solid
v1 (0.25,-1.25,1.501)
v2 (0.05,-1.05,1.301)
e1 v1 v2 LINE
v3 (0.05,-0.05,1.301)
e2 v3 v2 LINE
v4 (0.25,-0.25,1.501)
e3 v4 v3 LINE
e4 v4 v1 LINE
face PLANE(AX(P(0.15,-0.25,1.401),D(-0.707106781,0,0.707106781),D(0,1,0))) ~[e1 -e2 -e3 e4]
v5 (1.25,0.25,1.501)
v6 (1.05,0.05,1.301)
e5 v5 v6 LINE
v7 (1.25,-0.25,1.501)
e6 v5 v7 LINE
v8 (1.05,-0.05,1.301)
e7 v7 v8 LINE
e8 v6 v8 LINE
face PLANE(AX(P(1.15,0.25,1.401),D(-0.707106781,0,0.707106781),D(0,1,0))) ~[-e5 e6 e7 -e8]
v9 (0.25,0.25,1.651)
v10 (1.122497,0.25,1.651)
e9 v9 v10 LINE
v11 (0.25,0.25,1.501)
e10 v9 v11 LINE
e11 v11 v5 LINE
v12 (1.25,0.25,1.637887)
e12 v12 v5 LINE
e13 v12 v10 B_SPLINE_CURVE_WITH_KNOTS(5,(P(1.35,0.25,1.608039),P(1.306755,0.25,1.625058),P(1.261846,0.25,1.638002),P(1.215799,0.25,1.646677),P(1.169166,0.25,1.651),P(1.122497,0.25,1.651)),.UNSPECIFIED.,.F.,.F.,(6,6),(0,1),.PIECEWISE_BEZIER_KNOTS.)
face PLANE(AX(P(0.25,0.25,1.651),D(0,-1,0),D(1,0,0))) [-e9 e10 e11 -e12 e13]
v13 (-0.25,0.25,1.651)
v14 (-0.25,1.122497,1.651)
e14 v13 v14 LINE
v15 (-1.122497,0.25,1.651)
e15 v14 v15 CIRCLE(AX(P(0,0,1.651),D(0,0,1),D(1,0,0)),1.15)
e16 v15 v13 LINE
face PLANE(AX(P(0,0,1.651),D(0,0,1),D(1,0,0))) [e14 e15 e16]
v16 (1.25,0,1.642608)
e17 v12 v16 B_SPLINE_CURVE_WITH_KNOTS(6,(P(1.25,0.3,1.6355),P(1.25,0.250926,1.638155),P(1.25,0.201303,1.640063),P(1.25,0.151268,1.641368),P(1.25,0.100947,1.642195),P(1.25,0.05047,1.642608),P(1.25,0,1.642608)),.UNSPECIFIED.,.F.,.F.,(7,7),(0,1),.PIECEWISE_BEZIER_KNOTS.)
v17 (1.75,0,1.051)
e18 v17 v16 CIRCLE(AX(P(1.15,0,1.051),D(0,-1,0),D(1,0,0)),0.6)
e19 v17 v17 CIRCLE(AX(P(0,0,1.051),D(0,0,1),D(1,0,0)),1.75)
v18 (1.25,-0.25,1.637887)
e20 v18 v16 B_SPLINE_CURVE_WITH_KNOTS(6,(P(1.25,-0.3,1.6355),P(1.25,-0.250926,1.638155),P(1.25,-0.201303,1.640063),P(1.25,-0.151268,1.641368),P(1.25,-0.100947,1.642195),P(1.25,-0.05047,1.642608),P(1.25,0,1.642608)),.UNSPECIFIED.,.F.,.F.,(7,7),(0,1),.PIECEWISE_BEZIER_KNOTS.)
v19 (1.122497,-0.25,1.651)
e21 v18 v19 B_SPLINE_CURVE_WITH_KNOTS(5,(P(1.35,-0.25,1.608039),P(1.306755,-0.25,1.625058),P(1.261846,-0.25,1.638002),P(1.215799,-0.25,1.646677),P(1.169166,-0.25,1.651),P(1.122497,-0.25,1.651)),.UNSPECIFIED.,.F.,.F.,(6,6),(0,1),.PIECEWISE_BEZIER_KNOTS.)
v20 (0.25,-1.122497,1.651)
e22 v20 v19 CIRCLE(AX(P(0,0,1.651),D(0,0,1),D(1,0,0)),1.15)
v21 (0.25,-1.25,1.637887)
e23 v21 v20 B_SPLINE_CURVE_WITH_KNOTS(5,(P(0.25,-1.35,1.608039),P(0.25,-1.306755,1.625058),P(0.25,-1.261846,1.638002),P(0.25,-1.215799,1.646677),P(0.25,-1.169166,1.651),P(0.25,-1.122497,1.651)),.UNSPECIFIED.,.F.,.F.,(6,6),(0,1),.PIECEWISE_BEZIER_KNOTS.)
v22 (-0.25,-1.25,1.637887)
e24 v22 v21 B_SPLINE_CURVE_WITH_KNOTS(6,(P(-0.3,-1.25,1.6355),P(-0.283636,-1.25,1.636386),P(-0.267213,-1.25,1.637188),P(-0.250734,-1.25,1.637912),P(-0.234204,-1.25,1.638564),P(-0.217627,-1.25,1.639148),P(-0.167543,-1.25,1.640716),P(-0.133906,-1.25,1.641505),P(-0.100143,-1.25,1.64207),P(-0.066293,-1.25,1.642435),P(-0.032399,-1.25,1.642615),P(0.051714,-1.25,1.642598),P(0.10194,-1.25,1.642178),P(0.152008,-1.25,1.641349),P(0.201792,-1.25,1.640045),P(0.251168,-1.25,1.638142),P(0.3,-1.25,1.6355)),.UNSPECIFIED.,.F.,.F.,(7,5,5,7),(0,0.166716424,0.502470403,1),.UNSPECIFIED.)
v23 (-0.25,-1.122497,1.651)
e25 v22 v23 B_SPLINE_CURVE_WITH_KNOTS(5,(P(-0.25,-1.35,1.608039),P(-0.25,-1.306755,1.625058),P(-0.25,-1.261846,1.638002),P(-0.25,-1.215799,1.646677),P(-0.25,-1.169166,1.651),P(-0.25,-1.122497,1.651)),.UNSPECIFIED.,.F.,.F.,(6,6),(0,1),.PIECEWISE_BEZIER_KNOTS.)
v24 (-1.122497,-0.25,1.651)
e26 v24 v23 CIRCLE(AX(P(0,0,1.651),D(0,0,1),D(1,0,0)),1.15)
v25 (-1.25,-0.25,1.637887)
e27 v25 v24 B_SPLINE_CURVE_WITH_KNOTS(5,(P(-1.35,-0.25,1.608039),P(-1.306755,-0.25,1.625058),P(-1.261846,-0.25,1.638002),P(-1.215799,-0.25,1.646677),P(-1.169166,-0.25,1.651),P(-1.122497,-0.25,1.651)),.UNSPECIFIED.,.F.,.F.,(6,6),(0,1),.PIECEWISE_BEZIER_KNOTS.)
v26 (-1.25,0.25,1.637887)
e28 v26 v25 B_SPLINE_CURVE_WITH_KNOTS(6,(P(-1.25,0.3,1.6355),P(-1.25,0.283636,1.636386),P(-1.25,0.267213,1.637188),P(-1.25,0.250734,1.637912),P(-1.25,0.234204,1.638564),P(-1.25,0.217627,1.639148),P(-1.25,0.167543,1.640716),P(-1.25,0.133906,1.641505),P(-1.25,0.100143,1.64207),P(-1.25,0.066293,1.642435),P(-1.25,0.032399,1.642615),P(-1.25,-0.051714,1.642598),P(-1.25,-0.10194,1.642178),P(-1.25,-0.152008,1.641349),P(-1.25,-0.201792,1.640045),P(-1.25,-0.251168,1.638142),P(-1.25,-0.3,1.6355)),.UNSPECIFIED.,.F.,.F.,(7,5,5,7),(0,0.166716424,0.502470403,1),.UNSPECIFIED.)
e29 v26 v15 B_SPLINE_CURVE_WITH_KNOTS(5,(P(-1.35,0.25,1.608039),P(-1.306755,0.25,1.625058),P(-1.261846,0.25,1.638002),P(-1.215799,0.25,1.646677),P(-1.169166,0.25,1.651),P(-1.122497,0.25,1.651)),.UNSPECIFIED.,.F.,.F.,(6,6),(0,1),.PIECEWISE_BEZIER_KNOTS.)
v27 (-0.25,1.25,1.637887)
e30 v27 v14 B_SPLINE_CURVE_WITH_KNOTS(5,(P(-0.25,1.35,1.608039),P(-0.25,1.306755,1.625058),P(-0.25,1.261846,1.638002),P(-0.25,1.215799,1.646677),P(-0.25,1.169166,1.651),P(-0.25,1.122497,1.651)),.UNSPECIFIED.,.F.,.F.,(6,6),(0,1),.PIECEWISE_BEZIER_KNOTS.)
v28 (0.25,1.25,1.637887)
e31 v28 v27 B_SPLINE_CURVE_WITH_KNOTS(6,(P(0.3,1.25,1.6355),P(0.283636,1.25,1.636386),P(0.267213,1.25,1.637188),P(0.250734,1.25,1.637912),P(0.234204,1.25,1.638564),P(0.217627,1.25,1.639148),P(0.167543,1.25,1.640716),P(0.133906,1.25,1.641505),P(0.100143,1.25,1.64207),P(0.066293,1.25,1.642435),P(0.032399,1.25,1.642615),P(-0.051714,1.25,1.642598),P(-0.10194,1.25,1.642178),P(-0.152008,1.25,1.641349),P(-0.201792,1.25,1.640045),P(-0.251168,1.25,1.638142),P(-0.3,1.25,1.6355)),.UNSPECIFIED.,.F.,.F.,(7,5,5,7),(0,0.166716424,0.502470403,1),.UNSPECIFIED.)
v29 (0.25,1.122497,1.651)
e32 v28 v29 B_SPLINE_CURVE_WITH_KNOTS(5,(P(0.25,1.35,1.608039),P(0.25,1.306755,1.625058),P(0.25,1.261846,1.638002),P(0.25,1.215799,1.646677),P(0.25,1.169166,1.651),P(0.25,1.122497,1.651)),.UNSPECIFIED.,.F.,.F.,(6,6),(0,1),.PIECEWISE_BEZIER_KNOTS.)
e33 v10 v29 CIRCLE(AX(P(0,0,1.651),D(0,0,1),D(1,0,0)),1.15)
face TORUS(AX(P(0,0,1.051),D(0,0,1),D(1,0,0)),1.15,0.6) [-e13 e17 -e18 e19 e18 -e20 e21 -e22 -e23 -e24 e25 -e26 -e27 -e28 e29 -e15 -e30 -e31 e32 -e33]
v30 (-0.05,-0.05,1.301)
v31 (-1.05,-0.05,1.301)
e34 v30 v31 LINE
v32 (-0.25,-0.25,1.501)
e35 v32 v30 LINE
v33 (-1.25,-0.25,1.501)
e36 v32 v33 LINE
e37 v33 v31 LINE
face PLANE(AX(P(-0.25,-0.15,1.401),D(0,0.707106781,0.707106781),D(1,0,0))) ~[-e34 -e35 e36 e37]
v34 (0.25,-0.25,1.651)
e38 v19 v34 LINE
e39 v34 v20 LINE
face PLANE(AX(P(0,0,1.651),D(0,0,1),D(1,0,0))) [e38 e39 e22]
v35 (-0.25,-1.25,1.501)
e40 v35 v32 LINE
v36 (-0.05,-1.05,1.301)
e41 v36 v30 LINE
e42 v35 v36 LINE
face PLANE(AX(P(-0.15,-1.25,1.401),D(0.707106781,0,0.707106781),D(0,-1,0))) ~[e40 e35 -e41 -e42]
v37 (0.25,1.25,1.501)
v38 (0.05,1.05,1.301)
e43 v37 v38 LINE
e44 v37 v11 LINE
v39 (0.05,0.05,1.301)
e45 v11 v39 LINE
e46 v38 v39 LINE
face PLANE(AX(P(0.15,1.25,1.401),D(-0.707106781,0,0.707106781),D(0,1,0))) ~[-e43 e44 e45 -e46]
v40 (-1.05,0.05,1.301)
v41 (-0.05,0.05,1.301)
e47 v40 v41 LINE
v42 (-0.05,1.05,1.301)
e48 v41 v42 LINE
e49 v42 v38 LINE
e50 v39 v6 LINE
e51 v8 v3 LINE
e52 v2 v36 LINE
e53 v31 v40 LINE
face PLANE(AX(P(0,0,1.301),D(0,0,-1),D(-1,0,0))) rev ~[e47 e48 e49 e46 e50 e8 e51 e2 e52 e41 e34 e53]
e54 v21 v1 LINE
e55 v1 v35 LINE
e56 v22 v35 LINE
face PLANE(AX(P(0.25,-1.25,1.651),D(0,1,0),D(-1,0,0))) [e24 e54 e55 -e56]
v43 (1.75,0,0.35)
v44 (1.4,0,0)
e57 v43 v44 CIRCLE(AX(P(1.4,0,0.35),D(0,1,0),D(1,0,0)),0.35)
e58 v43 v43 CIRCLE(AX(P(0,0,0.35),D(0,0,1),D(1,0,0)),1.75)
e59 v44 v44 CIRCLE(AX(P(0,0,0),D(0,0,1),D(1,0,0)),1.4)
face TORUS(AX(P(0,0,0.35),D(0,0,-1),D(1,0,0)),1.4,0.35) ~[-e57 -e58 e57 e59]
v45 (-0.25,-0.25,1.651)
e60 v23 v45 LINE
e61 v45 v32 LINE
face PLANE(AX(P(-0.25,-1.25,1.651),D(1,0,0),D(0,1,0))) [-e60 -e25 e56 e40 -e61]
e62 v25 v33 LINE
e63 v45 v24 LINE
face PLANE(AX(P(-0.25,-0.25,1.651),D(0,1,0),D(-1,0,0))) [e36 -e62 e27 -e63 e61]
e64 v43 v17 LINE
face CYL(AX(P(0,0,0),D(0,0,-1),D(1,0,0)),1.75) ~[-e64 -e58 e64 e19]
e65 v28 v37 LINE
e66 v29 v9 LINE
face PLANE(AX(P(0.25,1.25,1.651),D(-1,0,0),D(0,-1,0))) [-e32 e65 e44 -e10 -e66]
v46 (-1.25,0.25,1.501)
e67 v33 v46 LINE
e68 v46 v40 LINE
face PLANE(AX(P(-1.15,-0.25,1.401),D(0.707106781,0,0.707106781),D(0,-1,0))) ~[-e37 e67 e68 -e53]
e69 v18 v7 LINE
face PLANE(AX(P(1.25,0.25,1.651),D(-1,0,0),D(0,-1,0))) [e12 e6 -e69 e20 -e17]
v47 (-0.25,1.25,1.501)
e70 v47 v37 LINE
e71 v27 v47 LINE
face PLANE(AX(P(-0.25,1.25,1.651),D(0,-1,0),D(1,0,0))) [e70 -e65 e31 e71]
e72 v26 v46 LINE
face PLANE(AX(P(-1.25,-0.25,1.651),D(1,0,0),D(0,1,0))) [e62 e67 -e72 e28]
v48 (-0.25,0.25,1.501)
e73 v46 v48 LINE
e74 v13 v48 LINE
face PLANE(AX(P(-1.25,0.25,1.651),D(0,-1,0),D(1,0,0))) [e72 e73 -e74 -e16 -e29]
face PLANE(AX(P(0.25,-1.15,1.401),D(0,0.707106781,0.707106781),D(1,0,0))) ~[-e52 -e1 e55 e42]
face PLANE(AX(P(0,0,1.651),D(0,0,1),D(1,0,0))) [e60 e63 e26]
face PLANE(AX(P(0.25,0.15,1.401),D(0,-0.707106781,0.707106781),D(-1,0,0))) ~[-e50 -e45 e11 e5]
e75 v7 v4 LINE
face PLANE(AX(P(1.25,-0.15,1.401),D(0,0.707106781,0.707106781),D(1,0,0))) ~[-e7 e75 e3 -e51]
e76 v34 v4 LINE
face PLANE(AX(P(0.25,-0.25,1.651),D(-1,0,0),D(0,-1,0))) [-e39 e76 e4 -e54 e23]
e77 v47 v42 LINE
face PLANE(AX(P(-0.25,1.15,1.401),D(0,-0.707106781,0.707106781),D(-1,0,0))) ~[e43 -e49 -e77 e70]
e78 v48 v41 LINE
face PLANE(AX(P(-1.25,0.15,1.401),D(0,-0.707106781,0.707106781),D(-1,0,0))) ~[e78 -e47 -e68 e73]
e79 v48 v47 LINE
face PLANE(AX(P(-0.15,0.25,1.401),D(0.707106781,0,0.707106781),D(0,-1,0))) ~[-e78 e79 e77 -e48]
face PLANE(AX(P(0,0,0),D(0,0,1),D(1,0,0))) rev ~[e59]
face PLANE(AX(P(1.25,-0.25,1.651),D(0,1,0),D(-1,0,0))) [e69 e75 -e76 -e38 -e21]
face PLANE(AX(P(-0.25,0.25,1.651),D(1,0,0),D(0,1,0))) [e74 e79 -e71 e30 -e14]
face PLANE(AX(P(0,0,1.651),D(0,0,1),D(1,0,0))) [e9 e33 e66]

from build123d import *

# Parameters (mm, degrees)
SKETCH1_R          = 1.75
EXTRUDE1_DEPTH     = 1.651
FILLET1_R          = 0.6
CUT_EXTRUDE2_DEPTH = 0.35
CHAMFER1_SIZE      = 0.2
FILLET2_R          = 0.35


with BuildPart() as part:
    # Sketch1 → Extrude1 (new body)
    with BuildSketch(Plane.XY):
        Circle(SKETCH1_R)
    extrude(amount=EXTRUDE1_DEPTH)

    # Fillet1
    fillet1_edges = [part.edges().sort_by_distance(p)[0] for p in [
        (-1.75, 0, 1.651),
    ]]
    fillet(fillet1_edges, radius=FILLET1_R)

    # Sketch2 → Cut-Extrude2 (cut)
    with BuildSketch(Plane.XY.offset(1.651)):
        Polygon((0.25, -0.25), (0.25, -1.25), (-0.25, -1.25), (-0.25, -0.25), (-1.25, -0.25), (-1.25, 0.25), (-0.25, 0.25), (-0.25, 1.25), (0.25, 1.25), (0.25, 0.25), (1.25, 0.25), (1.25, -0.25), align=None)
    extrude(amount=-CUT_EXTRUDE2_DEPTH, mode=Mode.SUBTRACT)

    # Chamfer1
    chamfer1_edges = [part.edges().sort_by_distance(p)[0] for p in [
        (1.25, 0, 1.301),
        (0.75, 0.25, 1.301),
        (0.25, 0.75, 1.301),
        (0, 1.25, 1.301),
        (-0.25, 0.75, 1.301),
        (-0.75, 0.25, 1.301),
        (-1.25, 0, 1.301),
        (-0.75, -0.25, 1.301),
        (-0.25, -0.75, 1.301),
        (0, -1.25, 1.301),
        (0.25, -0.75, 1.301),
        (0.75, -0.25, 1.301),
    ]]
    chamfer(chamfer1_edges, length=CHAMFER1_SIZE)

    # Fillet2
    fillet2_edges = [part.edges().sort_by_distance(p)[0] for p in [
        (-1.75, 0, 0),
    ]]
    fillet(fillet2_edges, radius=FILLET2_R)


solid = part.part
